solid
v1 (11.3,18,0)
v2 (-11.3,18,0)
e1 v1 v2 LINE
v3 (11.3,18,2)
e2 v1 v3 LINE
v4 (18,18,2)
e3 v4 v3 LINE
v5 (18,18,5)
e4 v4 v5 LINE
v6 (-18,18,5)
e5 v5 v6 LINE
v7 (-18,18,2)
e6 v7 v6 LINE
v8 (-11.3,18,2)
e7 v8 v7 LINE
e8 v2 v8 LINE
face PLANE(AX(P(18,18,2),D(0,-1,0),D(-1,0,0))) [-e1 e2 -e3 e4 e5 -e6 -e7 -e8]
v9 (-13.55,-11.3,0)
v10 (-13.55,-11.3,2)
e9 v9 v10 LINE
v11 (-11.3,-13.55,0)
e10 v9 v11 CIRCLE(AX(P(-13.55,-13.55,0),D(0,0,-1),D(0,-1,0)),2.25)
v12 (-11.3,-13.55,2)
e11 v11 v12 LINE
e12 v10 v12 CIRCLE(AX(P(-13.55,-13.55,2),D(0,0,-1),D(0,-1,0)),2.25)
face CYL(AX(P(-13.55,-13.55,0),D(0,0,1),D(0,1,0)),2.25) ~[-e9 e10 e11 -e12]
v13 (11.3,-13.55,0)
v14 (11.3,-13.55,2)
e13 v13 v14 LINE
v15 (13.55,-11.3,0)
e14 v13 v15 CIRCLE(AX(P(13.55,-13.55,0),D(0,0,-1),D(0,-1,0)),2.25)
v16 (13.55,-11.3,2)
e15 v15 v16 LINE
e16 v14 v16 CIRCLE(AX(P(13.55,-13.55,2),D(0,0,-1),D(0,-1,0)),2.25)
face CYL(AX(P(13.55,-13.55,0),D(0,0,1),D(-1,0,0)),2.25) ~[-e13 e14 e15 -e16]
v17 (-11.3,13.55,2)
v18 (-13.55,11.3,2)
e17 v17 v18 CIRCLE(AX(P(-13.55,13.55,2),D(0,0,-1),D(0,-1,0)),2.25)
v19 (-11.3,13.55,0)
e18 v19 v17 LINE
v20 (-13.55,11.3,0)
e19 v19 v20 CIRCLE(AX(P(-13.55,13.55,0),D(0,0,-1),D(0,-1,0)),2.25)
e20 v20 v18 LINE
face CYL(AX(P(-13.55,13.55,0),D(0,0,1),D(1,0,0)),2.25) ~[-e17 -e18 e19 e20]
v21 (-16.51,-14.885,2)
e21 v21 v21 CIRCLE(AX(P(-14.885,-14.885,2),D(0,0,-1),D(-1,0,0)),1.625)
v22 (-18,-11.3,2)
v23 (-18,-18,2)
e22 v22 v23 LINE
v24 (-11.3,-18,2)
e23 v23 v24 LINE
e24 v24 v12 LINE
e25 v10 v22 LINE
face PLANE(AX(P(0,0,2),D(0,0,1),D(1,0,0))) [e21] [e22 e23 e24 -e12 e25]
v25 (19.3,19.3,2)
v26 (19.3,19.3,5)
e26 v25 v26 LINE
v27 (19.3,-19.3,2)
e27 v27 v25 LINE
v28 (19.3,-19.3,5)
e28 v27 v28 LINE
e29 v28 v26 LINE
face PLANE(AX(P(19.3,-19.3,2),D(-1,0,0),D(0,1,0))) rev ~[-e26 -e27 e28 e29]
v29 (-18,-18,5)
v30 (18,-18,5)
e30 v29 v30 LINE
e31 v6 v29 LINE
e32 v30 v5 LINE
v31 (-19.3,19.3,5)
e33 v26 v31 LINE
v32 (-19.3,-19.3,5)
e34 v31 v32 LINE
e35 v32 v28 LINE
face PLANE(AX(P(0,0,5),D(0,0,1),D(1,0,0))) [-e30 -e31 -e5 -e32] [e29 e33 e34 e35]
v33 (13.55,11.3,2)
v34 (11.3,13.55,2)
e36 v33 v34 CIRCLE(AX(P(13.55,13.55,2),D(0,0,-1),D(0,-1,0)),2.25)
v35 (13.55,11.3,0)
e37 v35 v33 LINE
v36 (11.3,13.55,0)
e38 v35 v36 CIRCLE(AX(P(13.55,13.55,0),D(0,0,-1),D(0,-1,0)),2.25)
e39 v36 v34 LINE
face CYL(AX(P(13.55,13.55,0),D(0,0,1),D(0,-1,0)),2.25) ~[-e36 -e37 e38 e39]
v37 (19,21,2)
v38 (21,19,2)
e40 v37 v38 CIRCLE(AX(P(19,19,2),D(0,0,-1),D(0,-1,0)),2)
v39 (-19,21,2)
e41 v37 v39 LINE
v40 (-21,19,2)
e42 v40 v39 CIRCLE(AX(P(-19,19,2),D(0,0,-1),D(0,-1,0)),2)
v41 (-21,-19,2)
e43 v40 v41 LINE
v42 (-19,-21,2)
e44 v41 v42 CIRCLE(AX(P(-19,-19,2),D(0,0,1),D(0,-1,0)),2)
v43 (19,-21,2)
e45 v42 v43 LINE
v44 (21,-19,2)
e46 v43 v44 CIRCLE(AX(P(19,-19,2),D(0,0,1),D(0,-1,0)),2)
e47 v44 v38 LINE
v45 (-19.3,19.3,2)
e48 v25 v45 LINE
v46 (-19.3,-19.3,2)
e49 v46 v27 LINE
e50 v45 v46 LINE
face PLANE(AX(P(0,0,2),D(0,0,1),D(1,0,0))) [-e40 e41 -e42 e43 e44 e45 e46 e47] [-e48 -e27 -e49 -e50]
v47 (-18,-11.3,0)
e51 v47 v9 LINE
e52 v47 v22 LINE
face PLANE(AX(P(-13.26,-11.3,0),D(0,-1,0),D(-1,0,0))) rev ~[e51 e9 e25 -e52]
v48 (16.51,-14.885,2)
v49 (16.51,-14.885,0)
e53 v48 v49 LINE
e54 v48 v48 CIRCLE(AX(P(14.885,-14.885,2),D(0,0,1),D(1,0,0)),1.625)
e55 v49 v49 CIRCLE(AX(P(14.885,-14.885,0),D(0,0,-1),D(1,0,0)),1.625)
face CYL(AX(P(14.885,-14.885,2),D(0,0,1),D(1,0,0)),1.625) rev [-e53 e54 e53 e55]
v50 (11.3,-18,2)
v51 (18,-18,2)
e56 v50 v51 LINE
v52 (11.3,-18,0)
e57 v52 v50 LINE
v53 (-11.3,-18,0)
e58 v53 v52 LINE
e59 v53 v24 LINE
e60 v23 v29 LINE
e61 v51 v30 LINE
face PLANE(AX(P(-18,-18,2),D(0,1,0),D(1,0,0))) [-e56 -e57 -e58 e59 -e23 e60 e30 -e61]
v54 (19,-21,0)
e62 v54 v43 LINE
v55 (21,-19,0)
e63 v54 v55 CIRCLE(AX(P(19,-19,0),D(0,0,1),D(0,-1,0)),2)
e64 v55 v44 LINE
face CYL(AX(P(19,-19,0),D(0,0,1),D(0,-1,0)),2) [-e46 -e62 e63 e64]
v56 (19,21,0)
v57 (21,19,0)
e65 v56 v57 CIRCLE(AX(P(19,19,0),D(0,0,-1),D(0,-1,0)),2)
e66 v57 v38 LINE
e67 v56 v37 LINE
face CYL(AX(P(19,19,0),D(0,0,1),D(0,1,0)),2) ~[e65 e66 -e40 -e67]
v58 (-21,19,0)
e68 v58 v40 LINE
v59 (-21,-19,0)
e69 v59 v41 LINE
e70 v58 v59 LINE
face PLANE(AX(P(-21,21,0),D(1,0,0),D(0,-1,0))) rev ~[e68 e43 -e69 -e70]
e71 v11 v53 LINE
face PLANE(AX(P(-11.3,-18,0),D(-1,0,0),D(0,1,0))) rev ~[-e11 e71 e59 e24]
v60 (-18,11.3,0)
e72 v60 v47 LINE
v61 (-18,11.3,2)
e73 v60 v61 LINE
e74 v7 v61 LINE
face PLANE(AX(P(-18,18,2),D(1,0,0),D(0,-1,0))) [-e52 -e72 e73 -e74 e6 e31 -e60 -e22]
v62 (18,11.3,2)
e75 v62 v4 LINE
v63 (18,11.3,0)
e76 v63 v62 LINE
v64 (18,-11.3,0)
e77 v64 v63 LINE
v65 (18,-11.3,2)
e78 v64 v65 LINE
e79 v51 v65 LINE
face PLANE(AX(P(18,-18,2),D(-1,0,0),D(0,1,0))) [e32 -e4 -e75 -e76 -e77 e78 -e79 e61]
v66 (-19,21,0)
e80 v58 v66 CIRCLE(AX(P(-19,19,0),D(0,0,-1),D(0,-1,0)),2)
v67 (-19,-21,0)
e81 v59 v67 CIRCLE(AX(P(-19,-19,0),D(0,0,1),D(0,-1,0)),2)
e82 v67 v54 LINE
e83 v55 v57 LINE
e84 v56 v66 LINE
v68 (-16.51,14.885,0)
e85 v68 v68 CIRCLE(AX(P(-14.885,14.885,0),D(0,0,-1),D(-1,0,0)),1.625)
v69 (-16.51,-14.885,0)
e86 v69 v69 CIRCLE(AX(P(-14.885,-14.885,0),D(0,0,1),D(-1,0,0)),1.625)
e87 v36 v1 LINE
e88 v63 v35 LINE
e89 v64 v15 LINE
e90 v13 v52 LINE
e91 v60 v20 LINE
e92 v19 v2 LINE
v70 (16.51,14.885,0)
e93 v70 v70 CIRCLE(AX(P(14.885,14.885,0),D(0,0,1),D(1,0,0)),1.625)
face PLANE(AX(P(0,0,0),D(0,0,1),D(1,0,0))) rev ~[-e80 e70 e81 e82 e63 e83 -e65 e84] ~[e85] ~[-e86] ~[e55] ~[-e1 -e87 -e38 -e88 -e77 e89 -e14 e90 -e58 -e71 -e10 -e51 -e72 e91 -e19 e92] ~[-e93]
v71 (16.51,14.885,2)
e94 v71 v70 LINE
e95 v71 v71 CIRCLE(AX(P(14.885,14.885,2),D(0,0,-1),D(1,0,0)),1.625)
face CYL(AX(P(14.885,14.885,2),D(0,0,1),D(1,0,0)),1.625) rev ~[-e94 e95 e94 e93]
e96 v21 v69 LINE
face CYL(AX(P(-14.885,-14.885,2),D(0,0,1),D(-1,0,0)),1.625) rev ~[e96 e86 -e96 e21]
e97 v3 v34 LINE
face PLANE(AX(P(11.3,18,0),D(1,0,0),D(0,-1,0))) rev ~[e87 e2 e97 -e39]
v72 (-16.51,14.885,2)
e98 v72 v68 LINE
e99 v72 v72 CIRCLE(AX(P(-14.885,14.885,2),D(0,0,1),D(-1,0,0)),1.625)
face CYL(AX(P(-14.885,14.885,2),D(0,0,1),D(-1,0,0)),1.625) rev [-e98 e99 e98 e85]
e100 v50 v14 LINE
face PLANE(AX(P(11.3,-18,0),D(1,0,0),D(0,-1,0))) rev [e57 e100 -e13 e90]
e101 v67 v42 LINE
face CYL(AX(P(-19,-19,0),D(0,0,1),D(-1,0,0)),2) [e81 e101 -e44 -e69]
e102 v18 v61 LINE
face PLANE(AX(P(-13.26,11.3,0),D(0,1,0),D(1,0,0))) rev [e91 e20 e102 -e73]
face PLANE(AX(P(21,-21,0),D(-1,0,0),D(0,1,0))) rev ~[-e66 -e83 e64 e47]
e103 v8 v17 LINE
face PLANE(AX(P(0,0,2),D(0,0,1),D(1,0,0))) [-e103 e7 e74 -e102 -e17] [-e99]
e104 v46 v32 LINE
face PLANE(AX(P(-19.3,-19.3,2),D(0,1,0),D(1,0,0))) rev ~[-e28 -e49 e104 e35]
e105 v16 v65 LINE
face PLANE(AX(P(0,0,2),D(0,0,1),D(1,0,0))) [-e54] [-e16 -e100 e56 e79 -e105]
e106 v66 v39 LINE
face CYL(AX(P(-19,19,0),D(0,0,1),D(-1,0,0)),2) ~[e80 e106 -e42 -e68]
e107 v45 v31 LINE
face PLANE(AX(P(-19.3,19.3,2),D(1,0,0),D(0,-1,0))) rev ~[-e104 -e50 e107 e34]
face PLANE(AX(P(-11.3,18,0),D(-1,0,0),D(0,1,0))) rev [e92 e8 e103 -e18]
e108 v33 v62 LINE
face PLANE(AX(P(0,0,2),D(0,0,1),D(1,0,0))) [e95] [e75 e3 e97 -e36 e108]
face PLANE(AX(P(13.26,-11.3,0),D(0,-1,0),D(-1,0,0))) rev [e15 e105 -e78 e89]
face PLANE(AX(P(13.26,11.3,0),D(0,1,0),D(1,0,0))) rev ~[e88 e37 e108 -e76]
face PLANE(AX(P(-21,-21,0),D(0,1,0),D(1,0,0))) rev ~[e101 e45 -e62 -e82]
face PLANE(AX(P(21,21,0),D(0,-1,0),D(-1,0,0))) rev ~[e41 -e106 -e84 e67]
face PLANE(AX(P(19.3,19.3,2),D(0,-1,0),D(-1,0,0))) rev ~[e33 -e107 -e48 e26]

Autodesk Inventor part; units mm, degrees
ref_plane "YZ Plane" through (0, 0, 0) normal (1, 0, 0) x (0, 1, 0)
ref_plane "XZ Plane" through (0, 0, 0) normal (0, 1, 0) x (-1, 0, 0)
ref_plane "XY Plane" through (0, 0, 0) normal (0, 0, 1) x (1, 0, 0)
sketch "Sketch1" plane through (0, 0, 0) normal (0, 0, 1) x (1, 0, 0)
  line L0 (-21, -21) -> (21, -21)
  line L1 (21, -21) -> (21, 21)
  line L2 (21, 21) -> (-21, 21)
  line L3 (-21, 21) -> (-21, -21)
  line L4 (-21, -21) -> (21, 21) construction
  line L5 (21, -21) -> (-21, 21) construction
  line L6 (-18, -18) -> (18, -18)
  line L7 (18, -18) -> (18, 18)
  line L8 (18, 18) -> (-18, 18)
  line L9 (-18, 18) -> (-18, -18)
  line L10 (-18, -18) -> (18, 18) construction
  line L11 (18, -18) -> (-18, 18) construction
  line L12 (18, 18) -> (13.26, 18)
  line L13 (13.26, 18) -> (13.26, 13.26)
  line L14 (13.26, 13.26) -> (18, 13.26)
  line L15 (18, 13.26) -> (18, 18)
  line L16 (18, 18) -> (14.885, 18)
  line L17 (14.885, 18) -> (14.885, 14.885)
  line L18 (14.885, 14.885) -> (18, 14.885)
  line L19 (18, 14.885) -> (18, 18)
  circle A0 centre (14.885, 14.885) radius 1.625
  line L20 (18, 18) -> (11.3, 18)
  line L21 (11.3, 18) -> (11.3, 11.3)
  line L22 (11.3, 11.3) -> (18, 11.3)
  line L23 (18, 11.3) -> (18, 18)
  circle A1 centre (13.26, 13.26) radius 1.96
  point P0 (0, 0)
  dimension "d0" = 42
  dimension "d1" = 42
  dimension "d2" = 36
  dimension "d3" = 36
  dimension "d4" = 4.74
  dimension "d5" = 4.74
  dimension "d6" = 3.115
  dimension "d7" = 6.7
  dimension "d8" = 6.7
extrude "Extrusion1" add sketch "Sketch1" along normal blind 2 contours L3 L2 L1 L0 | L22 A1 L14 L7 | L8 L13 A1 L21 | L14 A1 A0 L18 L7 | L22 L21 A1 | A1 L13 L14 | L8 L17 A0 A1 L13 | L18 A0 L17 L8 L7 | L14 A0 A1 | A1 A0 L13 | A0 A1 L17 L18 | L18 L17 A0 | L14 L13 A0 | A0 A1
mirror "Mirror1" about plane through (0, 0, 0) normal (1, 0, 0) of "Extrusion1"
mirror "Mirror2" about plane through (0, 0, 0) normal (0, 1, 0) of "Extrusion1", "Mirror1"
fillet "Fillet1" radius 2.25 4 edges at (-11.3, 11.3, 1) (11.3, 11.3, 1) (11.3, -11.3, 1) (-11.3, -11.3, 1)
sketch "Sketch2" plane through (0, 0, 2) normal (0, 0, 1) x (1, 0, 0)
  line L0 (21, -21) -> (21, 21) projected
  line L1 (21, 21) -> (14.885, 21)
  line L2 (14.885, 21) -> (14.885, 14.885)
  line L3 (14.885, 14.885) -> (21, 14.885)
  line L4 (21, 14.885) -> (21, 21)
  circle A0 centre (14.885, 14.885) radius 1.625
  point P0 (0, 0)
  dimension "d12" = 6.115
  dimension "d13" = 6.115
  dimension "d14" = 3.25
extrude "Extrusion2" cut sketch "Sketch2" against normal blind 2 contours A0 L2 L3 | L3 L2 A0
mirror "Mirror3" about plane through (0, 0, 0) normal (0, 1, 0) of "Extrusion2"
mirror "Mirror4" about plane through (0, 0, 0) normal (1, 0, 0) of "Extrusion2", "Mirror3"
sketch "Sketch5" plane through (0, 0, 2) normal (0, 0, 1) x (1, 0, 0)
  line L0 (-18, -18) -> (18, -18)
  line L1 (18, -18) -> (18, 18)
  line L2 (18, 18) -> (-18, 18)
  line L3 (-18, 18) -> (-18, -18)
  line L4 (-18, -18) -> (18, 18) construction
  line L5 (18, -18) -> (-18, 18) construction
  line L6 (-19.3, -19.3) -> (19.3, -19.3)
  line L7 (19.3, -19.3) -> (19.3, 19.3)
  line L8 (19.3, 19.3) -> (-19.3, 19.3)
  line L9 (-19.3, 19.3) -> (-19.3, -19.3)
  line L10 (-19.3, -19.3) -> (19.3, 19.3) construction
  line L11 (19.3, -19.3) -> (-19.3, 19.3) construction
  point P0 (0, 0)
  dimension "d26" = 36
  dimension "d27" = 36
  dimension "d28" = 38.6
  dimension "d29" = 38.6
extrude "Extrusion5" add sketch "Sketch5" along normal blind 3
fillet "Fillet2" radius 2 4 edges at (21, -21, 1) (21, 21, 1) (-21, 21, 1) (-21, -21, 1)
properties part number "camerashield2"
